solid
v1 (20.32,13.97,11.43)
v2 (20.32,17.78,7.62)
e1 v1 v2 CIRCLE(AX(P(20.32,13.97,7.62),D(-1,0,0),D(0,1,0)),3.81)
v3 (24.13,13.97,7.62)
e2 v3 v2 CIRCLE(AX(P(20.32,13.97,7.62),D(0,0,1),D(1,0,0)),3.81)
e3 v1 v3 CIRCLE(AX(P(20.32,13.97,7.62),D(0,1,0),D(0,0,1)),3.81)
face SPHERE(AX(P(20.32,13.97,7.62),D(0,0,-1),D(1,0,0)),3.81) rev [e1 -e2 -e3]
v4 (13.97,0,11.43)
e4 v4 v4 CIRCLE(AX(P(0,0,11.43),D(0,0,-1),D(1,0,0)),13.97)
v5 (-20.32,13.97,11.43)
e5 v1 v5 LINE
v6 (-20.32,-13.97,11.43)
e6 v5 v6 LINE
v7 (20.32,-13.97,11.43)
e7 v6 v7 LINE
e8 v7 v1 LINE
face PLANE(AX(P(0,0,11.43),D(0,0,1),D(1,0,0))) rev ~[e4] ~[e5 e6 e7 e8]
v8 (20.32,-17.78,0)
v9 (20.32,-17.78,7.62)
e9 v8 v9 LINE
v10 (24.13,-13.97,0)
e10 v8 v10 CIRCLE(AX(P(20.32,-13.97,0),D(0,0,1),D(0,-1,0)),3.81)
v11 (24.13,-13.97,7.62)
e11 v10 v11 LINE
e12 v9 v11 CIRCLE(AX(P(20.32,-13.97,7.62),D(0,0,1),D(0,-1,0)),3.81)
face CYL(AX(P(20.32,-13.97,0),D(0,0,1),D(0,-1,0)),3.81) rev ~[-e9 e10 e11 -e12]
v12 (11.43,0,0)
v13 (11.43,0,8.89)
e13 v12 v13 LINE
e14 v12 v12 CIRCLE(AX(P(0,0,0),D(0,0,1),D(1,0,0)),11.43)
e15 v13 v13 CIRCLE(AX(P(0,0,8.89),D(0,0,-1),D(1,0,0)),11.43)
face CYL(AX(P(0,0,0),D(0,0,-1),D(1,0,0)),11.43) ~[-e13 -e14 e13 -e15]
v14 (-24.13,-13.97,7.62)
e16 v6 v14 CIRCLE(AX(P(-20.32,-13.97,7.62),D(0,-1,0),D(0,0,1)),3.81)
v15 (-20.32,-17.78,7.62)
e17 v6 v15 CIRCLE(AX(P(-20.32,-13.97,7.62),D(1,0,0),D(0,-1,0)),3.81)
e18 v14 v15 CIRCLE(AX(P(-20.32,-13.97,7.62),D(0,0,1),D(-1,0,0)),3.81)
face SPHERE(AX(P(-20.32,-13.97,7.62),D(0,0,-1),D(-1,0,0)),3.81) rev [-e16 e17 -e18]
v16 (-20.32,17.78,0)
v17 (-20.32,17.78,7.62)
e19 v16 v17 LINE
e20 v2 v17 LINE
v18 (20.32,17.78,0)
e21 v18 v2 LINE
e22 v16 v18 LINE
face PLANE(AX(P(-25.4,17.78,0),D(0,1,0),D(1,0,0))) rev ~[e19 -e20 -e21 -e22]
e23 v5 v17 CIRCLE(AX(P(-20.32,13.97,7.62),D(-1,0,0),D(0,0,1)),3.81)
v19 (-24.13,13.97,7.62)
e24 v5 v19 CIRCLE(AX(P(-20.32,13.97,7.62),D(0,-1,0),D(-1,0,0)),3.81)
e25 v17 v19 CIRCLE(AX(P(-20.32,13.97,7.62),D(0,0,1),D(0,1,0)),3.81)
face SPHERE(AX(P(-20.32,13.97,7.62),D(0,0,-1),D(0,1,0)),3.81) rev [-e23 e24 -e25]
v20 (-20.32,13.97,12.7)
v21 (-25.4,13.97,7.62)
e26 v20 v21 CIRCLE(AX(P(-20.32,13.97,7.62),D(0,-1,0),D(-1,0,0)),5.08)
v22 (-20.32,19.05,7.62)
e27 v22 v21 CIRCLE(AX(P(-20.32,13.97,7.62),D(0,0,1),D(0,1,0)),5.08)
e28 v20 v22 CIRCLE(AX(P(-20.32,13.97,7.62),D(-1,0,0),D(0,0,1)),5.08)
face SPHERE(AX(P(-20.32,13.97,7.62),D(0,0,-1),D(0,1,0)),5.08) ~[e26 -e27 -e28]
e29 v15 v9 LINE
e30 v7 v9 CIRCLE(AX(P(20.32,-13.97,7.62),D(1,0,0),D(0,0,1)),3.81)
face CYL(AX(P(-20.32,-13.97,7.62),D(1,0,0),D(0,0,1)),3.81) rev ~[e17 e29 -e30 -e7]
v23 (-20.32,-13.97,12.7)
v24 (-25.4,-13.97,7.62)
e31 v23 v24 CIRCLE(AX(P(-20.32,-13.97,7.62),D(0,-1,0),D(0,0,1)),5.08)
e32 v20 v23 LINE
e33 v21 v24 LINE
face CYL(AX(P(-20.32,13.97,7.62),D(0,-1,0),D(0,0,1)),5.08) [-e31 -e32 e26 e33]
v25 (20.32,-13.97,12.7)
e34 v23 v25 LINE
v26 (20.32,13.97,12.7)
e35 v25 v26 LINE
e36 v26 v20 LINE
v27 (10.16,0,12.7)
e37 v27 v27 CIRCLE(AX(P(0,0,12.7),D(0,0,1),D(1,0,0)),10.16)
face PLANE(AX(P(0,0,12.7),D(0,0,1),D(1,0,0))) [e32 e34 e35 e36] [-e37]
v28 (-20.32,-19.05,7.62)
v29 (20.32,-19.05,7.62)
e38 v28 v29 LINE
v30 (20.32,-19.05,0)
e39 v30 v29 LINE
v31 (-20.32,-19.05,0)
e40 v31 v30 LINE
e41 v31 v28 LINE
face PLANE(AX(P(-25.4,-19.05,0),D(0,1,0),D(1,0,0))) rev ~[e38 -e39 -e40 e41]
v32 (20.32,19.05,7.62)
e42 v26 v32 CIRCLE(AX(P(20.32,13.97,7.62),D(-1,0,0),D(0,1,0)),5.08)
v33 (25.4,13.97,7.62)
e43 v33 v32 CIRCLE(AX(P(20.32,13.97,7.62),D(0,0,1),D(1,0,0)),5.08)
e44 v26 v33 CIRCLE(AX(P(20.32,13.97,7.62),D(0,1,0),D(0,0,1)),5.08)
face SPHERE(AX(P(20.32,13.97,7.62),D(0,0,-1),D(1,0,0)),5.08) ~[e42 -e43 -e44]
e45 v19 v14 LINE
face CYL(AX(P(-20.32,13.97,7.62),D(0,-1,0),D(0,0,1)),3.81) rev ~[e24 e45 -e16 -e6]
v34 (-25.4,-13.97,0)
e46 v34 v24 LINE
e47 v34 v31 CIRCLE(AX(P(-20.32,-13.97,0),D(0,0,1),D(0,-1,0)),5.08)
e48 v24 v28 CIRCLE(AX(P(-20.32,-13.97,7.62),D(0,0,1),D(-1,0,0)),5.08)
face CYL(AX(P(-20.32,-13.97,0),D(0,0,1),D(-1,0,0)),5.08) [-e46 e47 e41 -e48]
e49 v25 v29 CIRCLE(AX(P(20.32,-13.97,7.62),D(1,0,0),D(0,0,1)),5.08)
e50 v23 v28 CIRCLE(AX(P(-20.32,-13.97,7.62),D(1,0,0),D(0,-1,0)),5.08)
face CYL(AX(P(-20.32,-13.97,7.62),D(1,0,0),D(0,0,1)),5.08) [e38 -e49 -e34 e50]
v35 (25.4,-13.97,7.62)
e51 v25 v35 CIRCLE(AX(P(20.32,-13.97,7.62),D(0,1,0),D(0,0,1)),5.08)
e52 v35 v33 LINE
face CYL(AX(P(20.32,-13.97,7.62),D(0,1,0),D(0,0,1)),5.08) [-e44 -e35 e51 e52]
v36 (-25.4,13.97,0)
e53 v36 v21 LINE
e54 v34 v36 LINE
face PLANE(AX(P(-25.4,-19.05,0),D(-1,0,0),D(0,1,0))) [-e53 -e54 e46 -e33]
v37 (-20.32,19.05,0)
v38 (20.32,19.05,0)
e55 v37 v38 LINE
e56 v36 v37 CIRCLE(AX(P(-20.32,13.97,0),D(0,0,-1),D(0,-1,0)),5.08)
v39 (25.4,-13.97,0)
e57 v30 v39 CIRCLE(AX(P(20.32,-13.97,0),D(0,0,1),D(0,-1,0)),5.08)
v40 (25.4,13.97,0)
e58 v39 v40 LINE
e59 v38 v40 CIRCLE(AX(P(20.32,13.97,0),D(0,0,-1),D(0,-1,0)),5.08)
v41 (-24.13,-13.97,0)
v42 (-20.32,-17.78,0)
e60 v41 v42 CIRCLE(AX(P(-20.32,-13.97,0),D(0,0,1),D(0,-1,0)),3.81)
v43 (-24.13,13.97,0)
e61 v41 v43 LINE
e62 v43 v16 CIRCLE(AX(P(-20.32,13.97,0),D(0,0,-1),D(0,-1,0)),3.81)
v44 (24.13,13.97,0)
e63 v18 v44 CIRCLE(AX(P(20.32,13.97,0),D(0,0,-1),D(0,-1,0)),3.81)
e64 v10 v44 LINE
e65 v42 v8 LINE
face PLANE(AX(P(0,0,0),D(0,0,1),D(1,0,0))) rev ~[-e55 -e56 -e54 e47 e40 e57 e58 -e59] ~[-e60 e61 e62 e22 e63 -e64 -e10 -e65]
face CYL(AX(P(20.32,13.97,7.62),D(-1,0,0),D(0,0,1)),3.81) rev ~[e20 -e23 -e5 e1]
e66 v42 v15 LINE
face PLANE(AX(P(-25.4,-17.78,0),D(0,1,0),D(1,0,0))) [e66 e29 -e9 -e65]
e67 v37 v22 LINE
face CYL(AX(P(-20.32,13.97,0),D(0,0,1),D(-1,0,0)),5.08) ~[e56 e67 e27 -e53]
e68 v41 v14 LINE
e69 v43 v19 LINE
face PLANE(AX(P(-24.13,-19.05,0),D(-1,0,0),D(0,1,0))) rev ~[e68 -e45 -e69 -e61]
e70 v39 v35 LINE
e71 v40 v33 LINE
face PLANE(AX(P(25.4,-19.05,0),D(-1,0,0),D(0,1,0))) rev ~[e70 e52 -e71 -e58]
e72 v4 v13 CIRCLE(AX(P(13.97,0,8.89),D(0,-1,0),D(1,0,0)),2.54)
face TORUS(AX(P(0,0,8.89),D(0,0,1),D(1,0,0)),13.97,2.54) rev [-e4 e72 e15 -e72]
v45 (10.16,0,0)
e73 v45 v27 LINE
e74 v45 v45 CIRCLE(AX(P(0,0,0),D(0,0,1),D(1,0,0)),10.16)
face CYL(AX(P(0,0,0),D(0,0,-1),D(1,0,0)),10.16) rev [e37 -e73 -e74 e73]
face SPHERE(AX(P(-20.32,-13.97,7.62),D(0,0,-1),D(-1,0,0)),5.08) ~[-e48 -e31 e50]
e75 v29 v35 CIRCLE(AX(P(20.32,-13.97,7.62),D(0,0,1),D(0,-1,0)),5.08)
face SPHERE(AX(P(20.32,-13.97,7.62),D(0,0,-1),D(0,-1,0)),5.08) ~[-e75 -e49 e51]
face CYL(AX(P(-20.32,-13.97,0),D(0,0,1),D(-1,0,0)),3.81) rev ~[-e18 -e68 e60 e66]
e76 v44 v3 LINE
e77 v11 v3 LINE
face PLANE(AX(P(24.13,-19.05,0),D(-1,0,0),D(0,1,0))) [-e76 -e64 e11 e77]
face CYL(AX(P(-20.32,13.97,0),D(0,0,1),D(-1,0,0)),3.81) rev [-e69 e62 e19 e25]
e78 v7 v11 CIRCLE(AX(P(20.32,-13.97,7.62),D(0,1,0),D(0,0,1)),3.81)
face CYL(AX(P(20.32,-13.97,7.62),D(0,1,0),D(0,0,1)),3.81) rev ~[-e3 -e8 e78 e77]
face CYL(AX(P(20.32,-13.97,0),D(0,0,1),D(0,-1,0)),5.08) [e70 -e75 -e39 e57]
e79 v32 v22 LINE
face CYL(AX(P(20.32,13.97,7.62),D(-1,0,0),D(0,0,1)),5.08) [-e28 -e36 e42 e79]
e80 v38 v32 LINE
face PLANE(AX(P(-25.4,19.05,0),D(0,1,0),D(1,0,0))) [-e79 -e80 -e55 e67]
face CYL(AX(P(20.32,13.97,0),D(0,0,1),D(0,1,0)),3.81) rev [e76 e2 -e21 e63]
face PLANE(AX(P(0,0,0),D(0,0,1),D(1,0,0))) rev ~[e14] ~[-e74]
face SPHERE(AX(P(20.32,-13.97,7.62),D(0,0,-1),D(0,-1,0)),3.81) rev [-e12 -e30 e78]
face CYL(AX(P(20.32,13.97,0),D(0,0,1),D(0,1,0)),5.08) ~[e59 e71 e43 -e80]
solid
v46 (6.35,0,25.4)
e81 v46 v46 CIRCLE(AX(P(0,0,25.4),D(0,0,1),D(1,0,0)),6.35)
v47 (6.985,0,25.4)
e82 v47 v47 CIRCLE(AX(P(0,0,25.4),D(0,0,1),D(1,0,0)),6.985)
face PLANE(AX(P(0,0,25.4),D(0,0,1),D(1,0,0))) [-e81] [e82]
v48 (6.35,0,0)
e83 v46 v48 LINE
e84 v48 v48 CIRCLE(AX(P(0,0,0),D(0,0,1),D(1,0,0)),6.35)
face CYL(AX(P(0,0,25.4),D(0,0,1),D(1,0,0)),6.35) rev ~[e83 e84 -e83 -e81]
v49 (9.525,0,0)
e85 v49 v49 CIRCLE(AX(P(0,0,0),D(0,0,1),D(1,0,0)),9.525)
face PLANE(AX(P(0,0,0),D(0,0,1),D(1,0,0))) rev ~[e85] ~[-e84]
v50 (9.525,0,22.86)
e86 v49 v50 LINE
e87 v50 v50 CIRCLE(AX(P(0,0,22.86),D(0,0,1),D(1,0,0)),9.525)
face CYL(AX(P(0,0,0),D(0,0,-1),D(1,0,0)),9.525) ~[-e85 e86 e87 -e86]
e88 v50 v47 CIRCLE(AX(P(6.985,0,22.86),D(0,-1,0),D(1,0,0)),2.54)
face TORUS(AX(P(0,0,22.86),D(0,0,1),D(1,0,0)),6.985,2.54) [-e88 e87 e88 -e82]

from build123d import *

# Parameters (mm, degrees)
F0_W     = 50.8
F0_H     = 38.1
F0_R     = 10.16
F1_DEPTH = 12.7
F0_R_2   = 9.525
F2_DEPTH = 25.4
F3_R     = 5.08
F4_R     = 2.54
F5_R     = 5.08
F6_T     = -1.27
F7_R     = 2.54
F8_R     = 6.35
F9_DEPTH = 25.401


with BuildPart() as f1:
    # F0 (on Top) → F1 (new body)
    with BuildSketch(Plane.XY):
        Rectangle(F0_W, F0_H)
        Circle(F0_R, mode=Mode.SUBTRACT)
    extrude(amount=F1_DEPTH)

    # F3
    f3_edges = [f1.edges().sort_by_distance(p)[0] for p in [
        (25.4, -19.05, 6.35),
        (25.4, 19.05, 6.35),
        (-25.4, -19.05, 6.35),
        (-25.4, 19.05, 6.35),
    ]]
    fillet(f3_edges, radius=F3_R)

    # F5
    f5_edges = [f1.edges().sort_by_distance(p)[0] for p in [
        (25.4, 0, 12.7),
    ]]
    fillet(f5_edges, radius=F5_R)

    # F6
    f6_openings = [f1.faces().sort_by_distance(p)[0] for p in [
        (0, -18.415, 0),
    ]]
    offset(amount=F6_T, openings=f6_openings)

    # F7
    f7_edges = [f1.edges().sort_by_distance(p)[0] for p in [
        (-11.43, 0, 11.43),
    ]]
    fillet(f7_edges, radius=F7_R)


with BuildPart() as f2:
    # F0 (on Top) → F2 (new body)
    with BuildSketch(Plane.XY):
        Circle(F0_R_2)
    extrude(amount=F2_DEPTH)

    # F4
    f4_edges = [f2.edges().sort_by_distance(p)[0] for p in [
        (-9.525, 0, 25.4),
    ]]
    fillet(f4_edges, radius=F4_R)

    # F8 (on face) → F9 (cut, through all)
    with BuildSketch(Plane.XY.offset(25.4)):
        Circle(F8_R)
    extrude(amount=-F9_DEPTH, mode=Mode.SUBTRACT)


solid = Compound([f1.part, f2.part])
